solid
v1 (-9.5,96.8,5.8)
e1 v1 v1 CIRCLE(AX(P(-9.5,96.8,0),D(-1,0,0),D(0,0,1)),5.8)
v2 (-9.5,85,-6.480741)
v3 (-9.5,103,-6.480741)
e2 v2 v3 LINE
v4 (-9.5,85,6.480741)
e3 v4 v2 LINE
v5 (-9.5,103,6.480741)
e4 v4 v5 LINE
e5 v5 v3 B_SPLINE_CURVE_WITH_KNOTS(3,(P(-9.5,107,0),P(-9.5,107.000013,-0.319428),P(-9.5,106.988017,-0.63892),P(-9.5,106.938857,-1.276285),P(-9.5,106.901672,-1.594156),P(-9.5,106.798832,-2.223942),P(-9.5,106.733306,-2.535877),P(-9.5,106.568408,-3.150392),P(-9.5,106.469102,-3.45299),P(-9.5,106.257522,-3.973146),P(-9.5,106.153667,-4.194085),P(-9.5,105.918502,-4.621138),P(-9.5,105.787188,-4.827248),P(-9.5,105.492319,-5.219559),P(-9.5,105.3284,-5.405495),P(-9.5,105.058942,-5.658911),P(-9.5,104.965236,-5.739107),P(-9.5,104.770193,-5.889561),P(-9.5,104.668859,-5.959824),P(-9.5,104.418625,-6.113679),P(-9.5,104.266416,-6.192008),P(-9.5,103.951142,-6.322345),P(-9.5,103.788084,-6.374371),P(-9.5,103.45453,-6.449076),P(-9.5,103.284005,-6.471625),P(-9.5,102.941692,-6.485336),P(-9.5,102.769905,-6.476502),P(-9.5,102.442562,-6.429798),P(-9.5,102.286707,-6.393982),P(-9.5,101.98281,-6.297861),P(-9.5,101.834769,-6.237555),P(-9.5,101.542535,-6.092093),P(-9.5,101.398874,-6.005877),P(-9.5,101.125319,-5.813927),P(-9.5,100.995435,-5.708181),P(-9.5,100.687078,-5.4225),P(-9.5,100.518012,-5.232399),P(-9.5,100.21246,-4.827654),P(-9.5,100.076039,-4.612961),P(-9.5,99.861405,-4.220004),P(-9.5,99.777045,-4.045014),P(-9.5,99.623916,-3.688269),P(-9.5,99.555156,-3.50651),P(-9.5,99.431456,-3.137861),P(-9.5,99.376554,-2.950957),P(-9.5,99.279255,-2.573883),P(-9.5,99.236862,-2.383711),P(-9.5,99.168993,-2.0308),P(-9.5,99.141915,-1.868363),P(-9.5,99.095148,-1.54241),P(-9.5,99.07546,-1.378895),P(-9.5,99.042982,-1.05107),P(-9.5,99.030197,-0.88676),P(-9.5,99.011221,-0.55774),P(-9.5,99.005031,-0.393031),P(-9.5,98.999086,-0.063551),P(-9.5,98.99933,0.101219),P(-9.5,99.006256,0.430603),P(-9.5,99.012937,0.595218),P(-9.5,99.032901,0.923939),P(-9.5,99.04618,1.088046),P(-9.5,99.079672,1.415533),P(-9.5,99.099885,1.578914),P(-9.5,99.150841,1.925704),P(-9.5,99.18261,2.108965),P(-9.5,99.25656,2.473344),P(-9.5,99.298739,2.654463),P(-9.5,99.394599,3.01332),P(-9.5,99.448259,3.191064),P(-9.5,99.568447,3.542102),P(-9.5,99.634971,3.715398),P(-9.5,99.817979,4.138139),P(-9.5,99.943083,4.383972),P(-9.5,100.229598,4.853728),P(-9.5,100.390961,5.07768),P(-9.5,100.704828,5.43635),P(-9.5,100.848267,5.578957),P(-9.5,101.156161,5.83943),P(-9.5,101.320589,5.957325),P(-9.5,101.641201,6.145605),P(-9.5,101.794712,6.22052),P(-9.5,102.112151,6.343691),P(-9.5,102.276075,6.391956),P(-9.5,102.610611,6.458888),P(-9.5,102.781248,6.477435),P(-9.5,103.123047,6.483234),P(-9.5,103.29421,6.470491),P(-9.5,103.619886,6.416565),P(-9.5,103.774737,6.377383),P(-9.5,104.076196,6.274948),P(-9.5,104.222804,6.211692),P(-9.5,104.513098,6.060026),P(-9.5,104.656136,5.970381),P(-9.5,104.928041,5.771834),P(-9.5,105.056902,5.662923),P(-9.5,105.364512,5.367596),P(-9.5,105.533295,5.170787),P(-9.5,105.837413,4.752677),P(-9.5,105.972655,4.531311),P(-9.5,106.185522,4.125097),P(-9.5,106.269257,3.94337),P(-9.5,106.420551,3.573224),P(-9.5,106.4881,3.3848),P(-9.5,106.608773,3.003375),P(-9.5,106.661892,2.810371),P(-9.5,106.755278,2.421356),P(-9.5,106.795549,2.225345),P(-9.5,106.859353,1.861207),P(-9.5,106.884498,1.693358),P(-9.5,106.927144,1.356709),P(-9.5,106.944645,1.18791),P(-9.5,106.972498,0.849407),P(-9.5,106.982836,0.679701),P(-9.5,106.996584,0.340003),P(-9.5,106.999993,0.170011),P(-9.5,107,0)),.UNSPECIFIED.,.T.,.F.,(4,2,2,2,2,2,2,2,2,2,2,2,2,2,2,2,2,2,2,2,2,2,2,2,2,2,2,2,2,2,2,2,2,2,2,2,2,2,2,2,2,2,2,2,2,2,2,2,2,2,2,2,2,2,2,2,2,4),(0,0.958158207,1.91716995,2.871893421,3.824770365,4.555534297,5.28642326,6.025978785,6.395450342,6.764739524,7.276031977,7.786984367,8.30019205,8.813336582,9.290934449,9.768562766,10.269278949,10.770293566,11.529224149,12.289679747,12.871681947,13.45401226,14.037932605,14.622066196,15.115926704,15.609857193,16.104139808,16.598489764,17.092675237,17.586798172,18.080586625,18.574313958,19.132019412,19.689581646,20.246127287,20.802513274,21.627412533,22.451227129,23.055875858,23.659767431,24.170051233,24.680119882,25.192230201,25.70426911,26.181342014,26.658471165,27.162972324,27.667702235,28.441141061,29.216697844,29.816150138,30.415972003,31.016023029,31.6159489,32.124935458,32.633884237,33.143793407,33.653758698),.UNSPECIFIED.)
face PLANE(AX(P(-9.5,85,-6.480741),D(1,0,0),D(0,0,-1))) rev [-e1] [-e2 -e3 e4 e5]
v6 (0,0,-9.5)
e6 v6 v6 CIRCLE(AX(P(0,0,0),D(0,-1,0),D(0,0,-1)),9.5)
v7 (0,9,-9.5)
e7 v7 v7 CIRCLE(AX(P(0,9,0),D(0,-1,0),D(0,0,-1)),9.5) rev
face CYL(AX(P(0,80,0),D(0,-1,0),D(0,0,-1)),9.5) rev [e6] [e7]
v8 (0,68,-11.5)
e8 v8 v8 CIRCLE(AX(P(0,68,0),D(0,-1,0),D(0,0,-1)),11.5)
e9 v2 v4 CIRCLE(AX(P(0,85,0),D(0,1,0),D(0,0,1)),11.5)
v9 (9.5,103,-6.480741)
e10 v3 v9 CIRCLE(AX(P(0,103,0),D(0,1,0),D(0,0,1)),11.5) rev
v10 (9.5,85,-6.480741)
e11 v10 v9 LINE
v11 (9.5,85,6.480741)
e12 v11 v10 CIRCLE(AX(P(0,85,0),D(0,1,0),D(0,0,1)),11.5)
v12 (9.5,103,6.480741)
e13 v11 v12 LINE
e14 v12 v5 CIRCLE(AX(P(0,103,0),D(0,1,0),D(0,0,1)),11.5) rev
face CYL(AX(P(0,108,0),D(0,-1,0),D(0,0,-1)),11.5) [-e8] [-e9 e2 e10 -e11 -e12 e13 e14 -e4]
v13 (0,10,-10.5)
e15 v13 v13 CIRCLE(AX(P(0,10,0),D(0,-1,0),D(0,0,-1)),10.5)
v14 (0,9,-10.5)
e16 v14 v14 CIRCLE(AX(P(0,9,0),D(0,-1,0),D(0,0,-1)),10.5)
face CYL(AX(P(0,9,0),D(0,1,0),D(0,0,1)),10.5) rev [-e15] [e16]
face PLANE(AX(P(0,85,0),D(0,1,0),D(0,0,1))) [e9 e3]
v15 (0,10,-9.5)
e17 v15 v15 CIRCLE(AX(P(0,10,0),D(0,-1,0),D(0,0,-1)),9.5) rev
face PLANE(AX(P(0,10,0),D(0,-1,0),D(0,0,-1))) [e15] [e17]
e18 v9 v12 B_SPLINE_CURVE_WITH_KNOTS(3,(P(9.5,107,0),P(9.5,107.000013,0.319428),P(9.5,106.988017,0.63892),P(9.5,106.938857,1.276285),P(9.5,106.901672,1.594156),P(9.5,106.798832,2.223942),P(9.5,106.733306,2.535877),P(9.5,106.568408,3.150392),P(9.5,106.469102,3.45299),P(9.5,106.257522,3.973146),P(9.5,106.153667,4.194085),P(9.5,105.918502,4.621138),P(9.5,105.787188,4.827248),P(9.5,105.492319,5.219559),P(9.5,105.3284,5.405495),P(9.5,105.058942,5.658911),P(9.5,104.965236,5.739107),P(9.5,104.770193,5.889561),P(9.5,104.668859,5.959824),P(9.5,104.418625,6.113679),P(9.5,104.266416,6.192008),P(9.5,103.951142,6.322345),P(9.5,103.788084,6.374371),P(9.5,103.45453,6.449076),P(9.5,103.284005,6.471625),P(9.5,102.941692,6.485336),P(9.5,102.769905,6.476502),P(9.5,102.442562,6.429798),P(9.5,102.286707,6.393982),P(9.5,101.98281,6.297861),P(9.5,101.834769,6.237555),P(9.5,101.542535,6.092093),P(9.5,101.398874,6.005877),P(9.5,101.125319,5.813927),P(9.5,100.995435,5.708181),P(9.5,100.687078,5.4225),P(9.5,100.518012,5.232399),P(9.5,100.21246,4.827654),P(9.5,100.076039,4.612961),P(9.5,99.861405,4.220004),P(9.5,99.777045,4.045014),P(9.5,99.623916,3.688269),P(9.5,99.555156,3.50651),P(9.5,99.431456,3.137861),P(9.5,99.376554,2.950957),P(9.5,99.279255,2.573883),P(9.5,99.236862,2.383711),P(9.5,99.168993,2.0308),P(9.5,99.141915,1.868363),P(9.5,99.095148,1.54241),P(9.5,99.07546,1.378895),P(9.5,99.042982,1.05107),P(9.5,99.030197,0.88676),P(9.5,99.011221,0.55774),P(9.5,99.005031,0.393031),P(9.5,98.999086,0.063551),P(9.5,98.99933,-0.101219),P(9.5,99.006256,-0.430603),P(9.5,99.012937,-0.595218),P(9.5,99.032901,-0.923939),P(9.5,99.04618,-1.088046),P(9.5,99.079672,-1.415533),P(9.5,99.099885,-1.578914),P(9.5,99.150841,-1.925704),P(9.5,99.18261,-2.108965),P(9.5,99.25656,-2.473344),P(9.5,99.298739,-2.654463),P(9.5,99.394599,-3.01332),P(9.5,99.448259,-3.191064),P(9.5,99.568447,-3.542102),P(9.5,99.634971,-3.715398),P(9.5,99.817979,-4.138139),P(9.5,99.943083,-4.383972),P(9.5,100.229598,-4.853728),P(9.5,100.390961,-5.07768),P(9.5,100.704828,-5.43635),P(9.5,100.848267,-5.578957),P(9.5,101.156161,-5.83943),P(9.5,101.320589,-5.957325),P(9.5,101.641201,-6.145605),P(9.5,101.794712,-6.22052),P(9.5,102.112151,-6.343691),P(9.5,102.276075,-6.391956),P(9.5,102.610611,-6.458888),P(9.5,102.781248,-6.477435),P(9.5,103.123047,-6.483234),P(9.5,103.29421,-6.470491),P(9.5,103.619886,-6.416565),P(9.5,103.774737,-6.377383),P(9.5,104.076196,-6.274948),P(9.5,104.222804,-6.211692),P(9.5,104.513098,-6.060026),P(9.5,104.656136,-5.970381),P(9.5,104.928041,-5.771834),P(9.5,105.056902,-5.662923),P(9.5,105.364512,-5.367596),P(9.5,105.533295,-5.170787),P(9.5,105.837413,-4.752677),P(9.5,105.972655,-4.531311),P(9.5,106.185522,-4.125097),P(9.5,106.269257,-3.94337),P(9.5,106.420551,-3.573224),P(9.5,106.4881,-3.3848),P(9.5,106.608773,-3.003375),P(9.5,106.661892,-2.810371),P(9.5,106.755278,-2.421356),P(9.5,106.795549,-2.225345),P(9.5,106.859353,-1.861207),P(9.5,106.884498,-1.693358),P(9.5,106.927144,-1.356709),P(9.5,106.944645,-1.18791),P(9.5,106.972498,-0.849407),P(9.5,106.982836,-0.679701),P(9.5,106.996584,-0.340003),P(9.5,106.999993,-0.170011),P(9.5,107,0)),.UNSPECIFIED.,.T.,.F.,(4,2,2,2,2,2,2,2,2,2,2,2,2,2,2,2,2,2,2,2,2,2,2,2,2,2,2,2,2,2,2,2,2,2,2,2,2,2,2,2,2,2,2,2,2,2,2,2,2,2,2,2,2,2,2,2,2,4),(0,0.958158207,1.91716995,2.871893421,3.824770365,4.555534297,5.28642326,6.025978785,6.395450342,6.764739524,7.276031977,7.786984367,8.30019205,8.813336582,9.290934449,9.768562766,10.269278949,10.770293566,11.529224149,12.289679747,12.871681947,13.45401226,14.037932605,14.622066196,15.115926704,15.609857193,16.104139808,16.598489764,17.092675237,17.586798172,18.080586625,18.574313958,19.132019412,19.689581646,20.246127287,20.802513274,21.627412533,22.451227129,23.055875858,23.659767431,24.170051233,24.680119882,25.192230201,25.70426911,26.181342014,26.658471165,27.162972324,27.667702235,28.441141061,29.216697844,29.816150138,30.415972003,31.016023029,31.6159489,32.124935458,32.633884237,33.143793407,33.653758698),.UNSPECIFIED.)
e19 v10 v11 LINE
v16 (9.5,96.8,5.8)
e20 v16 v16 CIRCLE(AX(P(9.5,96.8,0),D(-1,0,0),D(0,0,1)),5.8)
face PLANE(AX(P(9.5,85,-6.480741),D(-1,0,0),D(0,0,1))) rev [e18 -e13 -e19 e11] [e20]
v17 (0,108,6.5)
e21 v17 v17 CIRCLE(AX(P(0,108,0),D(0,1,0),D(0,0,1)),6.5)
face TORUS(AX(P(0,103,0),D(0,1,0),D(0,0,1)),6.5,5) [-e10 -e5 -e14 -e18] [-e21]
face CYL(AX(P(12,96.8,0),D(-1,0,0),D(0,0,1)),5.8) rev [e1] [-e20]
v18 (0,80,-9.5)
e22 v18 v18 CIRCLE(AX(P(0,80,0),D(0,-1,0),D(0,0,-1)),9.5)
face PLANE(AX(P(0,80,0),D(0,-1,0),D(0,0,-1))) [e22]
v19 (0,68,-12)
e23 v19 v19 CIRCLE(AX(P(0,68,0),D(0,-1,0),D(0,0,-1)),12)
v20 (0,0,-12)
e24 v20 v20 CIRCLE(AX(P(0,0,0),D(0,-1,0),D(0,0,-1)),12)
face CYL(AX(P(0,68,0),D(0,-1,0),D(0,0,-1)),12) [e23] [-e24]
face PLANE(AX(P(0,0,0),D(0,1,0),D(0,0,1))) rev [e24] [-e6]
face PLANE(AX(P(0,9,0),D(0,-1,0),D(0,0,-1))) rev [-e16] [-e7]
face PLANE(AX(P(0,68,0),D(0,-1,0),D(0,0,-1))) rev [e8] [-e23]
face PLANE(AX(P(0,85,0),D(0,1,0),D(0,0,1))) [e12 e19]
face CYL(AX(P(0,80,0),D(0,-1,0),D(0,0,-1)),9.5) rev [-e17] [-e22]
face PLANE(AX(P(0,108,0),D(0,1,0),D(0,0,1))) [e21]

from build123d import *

# Parameters (mm, degrees)
SKETCH1_R           = 11.5
BOSS_EXTRUDE1_DEPTH = 108
FILLET1_R           = 5
SKETCH2_R           = 9.5
CUT_EXTRUDE1_DEPTH  = 80
CUT_EXTRUDE5_START  = -23
CUT_EXTRUDE5_DEPTH  = 23
SKETCH6_R           = 10.5
CUT_EXTRUDE7_DEPTH  = 1
SKETCH8_R           = 12
SKETCH8_R_2         = 11.5
BOSS_EXTRUDE2_DEPTH = 68
SKETCH9_R           = 5.8
CUT_EXTRUDE8_DEPTH  = 111.771160604


with BuildPart() as part:
    # Sketch1 → Boss-Extrude1 (new body)
    with BuildSketch(Plane(origin=(0, 0, 0), x_dir=(1, 0, 0), z_dir=(0, 1, 0))):
        with Locations(Location((0, 0, 0), (0, 0, 270))):
            Circle(SKETCH1_R)
    extrude(amount=BOSS_EXTRUDE1_DEPTH)

    # Fillet1
    fillet1_edges = [part.edges().sort_by_distance(p)[0] for p in [
        (0, 108, -11.5),
    ]]
    fillet(fillet1_edges, radius=FILLET1_R)

    # Sketch2 → Cut-Extrude1 (cut)
    with BuildSketch(Plane.XZ):
        with Locations(Location((0, 0, 0), (0, 0, 270))):
            Circle(SKETCH2_R)
    extrude(amount=-CUT_EXTRUDE1_DEPTH, mode=Mode.SUBTRACT)

    # Sketch3 → Cut-Extrude5 (cut)
    with BuildSketch(Plane(origin=(0, 108, 0), x_dir=(1, 0, 0), z_dir=(0, 1, 0)).offset(CUT_EXTRUDE5_START)):
        with BuildLine():
            Line((-9.5, 6.480740698), (-9.5, -6.480740698))
            ThreePointArc((-9.5, -6.480740698), (-11.5, 0), (-9.5, 6.480740698))
        make_face()
        with BuildLine():
            Line((9.5, 6.480740698), (9.5, -6.480740698))
            ThreePointArc((9.5, -6.480740698), (11.5, 0), (9.5, 6.480740698))
        make_face()
    extrude(amount=CUT_EXTRUDE5_DEPTH, mode=Mode.SUBTRACT)

    # Sketch6 → Cut-Extrude7 (cut)
    with BuildSketch(Plane.XZ.offset(-10)):
        with Locations(Location((0, 0, 0), (0, 0, 270))):
            Circle(SKETCH6_R)
    extrude(amount=CUT_EXTRUDE7_DEPTH, mode=Mode.SUBTRACT)

    # Sketch8 → Boss-Extrude2 (add)
    with BuildSketch(Plane.XZ):
        with Locations(Location((0, 0, 0), (0, 0, 270))):
            Circle(SKETCH8_R)
        with Locations(Location((0, 0, 0), (0, 0, 270))):
            Circle(SKETCH8_R_2, mode=Mode.SUBTRACT)
    extrude(amount=-BOSS_EXTRUDE2_DEPTH)

    # Sketch9 → Cut-Extrude8 (cut, through all)
    with BuildSketch(Plane.ZY.offset(9.5)):
        with Locations((0, 96.8)):
            Circle(SKETCH9_R)
    extrude(amount=-CUT_EXTRUDE8_DEPTH, mode=Mode.SUBTRACT)


solid = part.part
